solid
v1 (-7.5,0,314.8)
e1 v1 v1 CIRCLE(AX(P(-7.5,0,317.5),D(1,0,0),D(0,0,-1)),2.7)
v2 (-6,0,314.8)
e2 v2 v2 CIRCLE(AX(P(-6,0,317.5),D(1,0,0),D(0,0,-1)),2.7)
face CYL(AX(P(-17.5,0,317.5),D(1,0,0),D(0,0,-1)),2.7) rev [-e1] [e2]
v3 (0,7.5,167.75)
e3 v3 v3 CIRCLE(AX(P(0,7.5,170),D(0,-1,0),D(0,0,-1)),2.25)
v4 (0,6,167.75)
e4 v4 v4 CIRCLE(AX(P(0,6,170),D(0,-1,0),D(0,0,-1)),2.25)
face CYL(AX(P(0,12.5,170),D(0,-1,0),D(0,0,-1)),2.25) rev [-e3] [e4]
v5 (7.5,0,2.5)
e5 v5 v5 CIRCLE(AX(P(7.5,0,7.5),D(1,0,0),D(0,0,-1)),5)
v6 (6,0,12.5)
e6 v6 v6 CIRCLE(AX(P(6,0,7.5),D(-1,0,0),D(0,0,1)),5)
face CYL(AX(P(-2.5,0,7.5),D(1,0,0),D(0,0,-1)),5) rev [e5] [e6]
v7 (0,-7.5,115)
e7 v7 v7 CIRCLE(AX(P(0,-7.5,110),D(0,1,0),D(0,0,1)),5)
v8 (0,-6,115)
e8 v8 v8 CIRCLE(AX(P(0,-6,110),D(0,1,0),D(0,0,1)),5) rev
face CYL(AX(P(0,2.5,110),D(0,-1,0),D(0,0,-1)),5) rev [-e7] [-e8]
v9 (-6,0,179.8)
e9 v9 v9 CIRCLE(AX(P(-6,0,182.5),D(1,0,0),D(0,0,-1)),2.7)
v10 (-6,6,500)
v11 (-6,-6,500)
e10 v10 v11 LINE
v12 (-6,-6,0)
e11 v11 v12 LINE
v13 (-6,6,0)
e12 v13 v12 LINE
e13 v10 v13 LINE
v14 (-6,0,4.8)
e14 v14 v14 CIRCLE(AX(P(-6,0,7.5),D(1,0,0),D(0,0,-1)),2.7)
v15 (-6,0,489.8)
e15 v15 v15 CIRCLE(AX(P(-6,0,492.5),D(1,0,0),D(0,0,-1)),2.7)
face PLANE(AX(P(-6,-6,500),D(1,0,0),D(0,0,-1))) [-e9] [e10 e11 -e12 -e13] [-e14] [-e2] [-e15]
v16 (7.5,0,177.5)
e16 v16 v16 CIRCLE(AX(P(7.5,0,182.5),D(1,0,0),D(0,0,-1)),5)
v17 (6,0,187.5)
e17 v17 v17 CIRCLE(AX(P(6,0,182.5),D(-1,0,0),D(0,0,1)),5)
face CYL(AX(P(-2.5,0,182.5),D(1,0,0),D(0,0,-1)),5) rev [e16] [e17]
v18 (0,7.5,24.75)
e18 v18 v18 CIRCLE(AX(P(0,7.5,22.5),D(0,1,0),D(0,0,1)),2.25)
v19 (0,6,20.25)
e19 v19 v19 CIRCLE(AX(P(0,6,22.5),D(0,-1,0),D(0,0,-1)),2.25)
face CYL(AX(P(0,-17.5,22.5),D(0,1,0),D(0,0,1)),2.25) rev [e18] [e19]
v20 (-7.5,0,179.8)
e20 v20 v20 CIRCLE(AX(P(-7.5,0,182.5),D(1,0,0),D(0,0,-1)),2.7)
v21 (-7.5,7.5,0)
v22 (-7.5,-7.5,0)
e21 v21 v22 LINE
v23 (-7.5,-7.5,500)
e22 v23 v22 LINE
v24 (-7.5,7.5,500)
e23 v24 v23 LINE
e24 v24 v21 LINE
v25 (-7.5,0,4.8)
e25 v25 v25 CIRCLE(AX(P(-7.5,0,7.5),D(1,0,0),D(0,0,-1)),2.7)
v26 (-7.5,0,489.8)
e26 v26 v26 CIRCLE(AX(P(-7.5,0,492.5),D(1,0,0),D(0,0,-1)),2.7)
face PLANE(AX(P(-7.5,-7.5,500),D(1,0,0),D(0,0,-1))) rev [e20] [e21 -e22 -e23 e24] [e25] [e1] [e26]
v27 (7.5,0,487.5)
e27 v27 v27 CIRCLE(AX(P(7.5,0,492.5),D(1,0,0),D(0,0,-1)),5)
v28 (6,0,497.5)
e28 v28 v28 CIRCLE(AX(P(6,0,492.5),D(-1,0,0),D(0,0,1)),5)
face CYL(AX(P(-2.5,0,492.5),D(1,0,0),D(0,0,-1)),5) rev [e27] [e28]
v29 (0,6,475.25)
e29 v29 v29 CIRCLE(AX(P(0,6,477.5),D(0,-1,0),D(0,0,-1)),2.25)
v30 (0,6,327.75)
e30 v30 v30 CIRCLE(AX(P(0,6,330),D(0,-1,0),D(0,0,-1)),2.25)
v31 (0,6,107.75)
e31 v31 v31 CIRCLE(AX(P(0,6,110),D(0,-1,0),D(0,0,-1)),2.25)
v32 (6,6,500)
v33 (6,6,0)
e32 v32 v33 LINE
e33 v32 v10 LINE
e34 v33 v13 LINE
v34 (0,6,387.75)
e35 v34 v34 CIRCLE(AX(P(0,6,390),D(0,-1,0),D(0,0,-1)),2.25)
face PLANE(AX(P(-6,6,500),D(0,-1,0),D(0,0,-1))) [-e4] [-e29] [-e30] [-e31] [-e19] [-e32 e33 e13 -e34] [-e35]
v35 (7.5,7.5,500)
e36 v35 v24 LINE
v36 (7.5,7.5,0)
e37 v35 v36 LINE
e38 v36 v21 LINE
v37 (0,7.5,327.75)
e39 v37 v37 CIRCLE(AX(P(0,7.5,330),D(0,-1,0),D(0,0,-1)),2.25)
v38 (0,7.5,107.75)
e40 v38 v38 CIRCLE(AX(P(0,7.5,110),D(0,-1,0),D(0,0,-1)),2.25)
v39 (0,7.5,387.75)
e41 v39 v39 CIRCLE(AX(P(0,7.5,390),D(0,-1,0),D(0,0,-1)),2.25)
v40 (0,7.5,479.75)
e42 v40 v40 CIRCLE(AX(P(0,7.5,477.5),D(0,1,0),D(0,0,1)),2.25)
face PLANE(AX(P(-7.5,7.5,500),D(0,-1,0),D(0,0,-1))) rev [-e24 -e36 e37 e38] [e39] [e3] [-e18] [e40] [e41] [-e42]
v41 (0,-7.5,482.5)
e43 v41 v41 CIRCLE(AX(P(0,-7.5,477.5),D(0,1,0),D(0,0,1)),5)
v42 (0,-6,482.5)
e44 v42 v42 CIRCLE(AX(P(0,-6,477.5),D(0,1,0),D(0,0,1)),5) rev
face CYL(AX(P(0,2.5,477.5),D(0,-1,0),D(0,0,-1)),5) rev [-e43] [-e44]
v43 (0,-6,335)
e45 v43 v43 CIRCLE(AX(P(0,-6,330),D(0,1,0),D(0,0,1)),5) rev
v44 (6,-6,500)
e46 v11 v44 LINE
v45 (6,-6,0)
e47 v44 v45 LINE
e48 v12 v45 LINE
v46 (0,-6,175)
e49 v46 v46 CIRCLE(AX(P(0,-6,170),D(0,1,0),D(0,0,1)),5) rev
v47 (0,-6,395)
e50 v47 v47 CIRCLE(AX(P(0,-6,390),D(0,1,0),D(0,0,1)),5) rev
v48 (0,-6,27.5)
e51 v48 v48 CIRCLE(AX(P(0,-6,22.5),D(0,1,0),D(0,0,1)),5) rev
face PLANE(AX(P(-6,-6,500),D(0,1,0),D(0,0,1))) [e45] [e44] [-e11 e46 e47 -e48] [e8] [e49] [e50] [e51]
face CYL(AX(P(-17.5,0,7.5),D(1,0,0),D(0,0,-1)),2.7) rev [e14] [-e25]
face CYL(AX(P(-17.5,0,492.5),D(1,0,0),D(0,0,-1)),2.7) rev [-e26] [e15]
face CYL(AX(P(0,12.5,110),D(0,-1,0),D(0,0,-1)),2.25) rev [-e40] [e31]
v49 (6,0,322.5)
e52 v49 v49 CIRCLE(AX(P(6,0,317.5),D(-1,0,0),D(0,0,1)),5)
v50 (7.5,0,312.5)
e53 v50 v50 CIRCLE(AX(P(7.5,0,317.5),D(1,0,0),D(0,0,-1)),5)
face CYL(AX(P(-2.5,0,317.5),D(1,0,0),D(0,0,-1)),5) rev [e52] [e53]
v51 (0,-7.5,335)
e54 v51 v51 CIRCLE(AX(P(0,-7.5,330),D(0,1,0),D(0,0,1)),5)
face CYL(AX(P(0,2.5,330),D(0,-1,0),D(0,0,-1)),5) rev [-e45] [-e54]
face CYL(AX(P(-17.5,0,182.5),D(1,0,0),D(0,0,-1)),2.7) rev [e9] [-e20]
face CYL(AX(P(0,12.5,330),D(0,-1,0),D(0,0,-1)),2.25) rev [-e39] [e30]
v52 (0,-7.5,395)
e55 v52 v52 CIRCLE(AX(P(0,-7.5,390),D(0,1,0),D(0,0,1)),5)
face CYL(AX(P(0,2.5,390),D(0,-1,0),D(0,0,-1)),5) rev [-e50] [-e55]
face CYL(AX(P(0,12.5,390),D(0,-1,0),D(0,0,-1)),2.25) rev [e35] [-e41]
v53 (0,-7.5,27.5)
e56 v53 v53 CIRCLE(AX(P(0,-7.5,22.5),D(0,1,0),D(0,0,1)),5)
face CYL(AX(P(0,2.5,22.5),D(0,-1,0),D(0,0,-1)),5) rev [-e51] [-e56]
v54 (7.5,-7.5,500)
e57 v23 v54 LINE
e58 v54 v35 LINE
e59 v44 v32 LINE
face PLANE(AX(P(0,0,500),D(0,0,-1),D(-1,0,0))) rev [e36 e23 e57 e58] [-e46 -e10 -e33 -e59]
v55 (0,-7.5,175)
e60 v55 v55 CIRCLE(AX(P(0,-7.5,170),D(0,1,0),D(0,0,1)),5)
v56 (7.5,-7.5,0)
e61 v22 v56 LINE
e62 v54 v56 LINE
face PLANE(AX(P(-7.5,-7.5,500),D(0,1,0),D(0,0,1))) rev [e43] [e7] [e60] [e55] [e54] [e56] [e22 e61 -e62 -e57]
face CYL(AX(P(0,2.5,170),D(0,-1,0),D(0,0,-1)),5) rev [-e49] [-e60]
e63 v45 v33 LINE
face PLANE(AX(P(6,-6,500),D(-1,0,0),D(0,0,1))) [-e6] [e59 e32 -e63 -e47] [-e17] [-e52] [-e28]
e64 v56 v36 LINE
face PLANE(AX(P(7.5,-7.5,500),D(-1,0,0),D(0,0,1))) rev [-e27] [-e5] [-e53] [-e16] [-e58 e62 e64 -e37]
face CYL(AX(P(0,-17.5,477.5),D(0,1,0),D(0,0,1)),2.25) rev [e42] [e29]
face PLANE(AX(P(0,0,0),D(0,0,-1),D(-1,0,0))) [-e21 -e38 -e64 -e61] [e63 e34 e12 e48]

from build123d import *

# Parameters (mm, degrees)
SKETCH_1_W          = 15
SKETCH_1_H          = 15
SKETCH_1_W_2        = 12
SKETCH_1_H_2        = 12
EXTRUDE_1_DEPTH     = 500
SKETCH_2_R          = 2.7
CUT_EXTRUDE_1_DEPTH = 25
SKETCH_3_R          = 2.25
CUT_EXTRUDE_2_DEPTH = 25
SKETCH_4_R          = 2.25
CUT_EXTRUDE_3_DEPTH = 20
SKETCH_5_R          = 5
CUT_EXTRUDE_4_DEPTH = 10
SKETCH_6_R          = 5
CUT_EXTRUDE_5_DEPTH = 10


with BuildPart() as part:
    # ｽｹｯﾁ1 → ﾎﾞｽ - 押し出し1 (new body)
    with BuildSketch(Plane.XY):
        Rectangle(SKETCH_1_W, SKETCH_1_H)
        Rectangle(SKETCH_1_W_2, SKETCH_1_H_2, mode=Mode.SUBTRACT)
    extrude(amount=EXTRUDE_1_DEPTH)

    # ｽｹｯﾁ2 → ｶｯﾄ - 押し出し1 (cut)
    with BuildSketch(Plane(origin=(7.5, 0, 0), x_dir=(0, 0, -1), z_dir=(1, 0, 0))):
        with Locations((-492.5, 0)):
            Circle(SKETCH_2_R)
        with Locations((-7.5, 0)):
            Circle(SKETCH_2_R)
        with Locations((-317.5, 0)):
            Circle(SKETCH_2_R)
        with Locations((-182.5, 0)):
            Circle(SKETCH_2_R)
    extrude(amount=-CUT_EXTRUDE_1_DEPTH, mode=Mode.SUBTRACT)

    # ｽｹｯﾁ3 → ｶｯﾄ - 押し出し2 (cut)
    with BuildSketch(Plane(origin=(0, 7.5, 0), x_dir=(1, 0, 0), z_dir=(0, 1, 0))):
        with Locations((0, -22.5)):
            Circle(SKETCH_3_R)
        with Locations((0, -477.5)):
            Circle(SKETCH_3_R)
    extrude(amount=-CUT_EXTRUDE_2_DEPTH, mode=Mode.SUBTRACT)

    # ｽｹｯﾁ4 → ｶｯﾄ - 押し出し3 (cut)
    with BuildSketch(Plane(origin=(0, -7.5, 0), x_dir=(-1, 0, 0), z_dir=(0, -1, 0))):
        with Locations((0, -390)):
            Circle(SKETCH_4_R)
        with Locations((0, -330)):
            Circle(SKETCH_4_R)
        with Locations((0, -110)):
            Circle(SKETCH_4_R)
        with Locations((0, -170)):
            Circle(SKETCH_4_R)
    extrude(amount=-CUT_EXTRUDE_3_DEPTH, mode=Mode.SUBTRACT)

    # ｽｹｯﾁ5 → ｶｯﾄ - 押し出し4 (cut)
    with BuildSketch(Plane(origin=(0, -7.5, 0), x_dir=(1, 0, 0), z_dir=(0, 1, 0))):
        with Locations((0, -22.5)):
            Circle(SKETCH_5_R)
        with Locations((0, -477.5)):
            Circle(SKETCH_5_R)
        with Locations((0, -390)):
            Circle(SKETCH_5_R)
        with Locations((0, -330)):
            Circle(SKETCH_5_R)
        with Locations((0, -110)):
            Circle(SKETCH_5_R)
        with Locations((0, -170)):
            Circle(SKETCH_5_R)
    extrude(amount=CUT_EXTRUDE_4_DEPTH, mode=Mode.SUBTRACT)

    # ｽｹｯﾁ6 → ｶｯﾄ - 押し出し5 (cut)
    with BuildSketch(Plane(origin=(7.5, 0, 0), x_dir=(0, 0, -1), z_dir=(1, 0, 0))):
        with Locations((-492.5, 0)):
            Circle(SKETCH_6_R)
        with Locations((-317.5, 0)):
            Circle(SKETCH_6_R)
        with Locations((-182.5, 0)):
            Circle(SKETCH_6_R)
        with Locations((-7.5, 0)):
            Circle(SKETCH_6_R)
    extrude(amount=-CUT_EXTRUDE_5_DEPTH, mode=Mode.SUBTRACT)


solid = part.part
